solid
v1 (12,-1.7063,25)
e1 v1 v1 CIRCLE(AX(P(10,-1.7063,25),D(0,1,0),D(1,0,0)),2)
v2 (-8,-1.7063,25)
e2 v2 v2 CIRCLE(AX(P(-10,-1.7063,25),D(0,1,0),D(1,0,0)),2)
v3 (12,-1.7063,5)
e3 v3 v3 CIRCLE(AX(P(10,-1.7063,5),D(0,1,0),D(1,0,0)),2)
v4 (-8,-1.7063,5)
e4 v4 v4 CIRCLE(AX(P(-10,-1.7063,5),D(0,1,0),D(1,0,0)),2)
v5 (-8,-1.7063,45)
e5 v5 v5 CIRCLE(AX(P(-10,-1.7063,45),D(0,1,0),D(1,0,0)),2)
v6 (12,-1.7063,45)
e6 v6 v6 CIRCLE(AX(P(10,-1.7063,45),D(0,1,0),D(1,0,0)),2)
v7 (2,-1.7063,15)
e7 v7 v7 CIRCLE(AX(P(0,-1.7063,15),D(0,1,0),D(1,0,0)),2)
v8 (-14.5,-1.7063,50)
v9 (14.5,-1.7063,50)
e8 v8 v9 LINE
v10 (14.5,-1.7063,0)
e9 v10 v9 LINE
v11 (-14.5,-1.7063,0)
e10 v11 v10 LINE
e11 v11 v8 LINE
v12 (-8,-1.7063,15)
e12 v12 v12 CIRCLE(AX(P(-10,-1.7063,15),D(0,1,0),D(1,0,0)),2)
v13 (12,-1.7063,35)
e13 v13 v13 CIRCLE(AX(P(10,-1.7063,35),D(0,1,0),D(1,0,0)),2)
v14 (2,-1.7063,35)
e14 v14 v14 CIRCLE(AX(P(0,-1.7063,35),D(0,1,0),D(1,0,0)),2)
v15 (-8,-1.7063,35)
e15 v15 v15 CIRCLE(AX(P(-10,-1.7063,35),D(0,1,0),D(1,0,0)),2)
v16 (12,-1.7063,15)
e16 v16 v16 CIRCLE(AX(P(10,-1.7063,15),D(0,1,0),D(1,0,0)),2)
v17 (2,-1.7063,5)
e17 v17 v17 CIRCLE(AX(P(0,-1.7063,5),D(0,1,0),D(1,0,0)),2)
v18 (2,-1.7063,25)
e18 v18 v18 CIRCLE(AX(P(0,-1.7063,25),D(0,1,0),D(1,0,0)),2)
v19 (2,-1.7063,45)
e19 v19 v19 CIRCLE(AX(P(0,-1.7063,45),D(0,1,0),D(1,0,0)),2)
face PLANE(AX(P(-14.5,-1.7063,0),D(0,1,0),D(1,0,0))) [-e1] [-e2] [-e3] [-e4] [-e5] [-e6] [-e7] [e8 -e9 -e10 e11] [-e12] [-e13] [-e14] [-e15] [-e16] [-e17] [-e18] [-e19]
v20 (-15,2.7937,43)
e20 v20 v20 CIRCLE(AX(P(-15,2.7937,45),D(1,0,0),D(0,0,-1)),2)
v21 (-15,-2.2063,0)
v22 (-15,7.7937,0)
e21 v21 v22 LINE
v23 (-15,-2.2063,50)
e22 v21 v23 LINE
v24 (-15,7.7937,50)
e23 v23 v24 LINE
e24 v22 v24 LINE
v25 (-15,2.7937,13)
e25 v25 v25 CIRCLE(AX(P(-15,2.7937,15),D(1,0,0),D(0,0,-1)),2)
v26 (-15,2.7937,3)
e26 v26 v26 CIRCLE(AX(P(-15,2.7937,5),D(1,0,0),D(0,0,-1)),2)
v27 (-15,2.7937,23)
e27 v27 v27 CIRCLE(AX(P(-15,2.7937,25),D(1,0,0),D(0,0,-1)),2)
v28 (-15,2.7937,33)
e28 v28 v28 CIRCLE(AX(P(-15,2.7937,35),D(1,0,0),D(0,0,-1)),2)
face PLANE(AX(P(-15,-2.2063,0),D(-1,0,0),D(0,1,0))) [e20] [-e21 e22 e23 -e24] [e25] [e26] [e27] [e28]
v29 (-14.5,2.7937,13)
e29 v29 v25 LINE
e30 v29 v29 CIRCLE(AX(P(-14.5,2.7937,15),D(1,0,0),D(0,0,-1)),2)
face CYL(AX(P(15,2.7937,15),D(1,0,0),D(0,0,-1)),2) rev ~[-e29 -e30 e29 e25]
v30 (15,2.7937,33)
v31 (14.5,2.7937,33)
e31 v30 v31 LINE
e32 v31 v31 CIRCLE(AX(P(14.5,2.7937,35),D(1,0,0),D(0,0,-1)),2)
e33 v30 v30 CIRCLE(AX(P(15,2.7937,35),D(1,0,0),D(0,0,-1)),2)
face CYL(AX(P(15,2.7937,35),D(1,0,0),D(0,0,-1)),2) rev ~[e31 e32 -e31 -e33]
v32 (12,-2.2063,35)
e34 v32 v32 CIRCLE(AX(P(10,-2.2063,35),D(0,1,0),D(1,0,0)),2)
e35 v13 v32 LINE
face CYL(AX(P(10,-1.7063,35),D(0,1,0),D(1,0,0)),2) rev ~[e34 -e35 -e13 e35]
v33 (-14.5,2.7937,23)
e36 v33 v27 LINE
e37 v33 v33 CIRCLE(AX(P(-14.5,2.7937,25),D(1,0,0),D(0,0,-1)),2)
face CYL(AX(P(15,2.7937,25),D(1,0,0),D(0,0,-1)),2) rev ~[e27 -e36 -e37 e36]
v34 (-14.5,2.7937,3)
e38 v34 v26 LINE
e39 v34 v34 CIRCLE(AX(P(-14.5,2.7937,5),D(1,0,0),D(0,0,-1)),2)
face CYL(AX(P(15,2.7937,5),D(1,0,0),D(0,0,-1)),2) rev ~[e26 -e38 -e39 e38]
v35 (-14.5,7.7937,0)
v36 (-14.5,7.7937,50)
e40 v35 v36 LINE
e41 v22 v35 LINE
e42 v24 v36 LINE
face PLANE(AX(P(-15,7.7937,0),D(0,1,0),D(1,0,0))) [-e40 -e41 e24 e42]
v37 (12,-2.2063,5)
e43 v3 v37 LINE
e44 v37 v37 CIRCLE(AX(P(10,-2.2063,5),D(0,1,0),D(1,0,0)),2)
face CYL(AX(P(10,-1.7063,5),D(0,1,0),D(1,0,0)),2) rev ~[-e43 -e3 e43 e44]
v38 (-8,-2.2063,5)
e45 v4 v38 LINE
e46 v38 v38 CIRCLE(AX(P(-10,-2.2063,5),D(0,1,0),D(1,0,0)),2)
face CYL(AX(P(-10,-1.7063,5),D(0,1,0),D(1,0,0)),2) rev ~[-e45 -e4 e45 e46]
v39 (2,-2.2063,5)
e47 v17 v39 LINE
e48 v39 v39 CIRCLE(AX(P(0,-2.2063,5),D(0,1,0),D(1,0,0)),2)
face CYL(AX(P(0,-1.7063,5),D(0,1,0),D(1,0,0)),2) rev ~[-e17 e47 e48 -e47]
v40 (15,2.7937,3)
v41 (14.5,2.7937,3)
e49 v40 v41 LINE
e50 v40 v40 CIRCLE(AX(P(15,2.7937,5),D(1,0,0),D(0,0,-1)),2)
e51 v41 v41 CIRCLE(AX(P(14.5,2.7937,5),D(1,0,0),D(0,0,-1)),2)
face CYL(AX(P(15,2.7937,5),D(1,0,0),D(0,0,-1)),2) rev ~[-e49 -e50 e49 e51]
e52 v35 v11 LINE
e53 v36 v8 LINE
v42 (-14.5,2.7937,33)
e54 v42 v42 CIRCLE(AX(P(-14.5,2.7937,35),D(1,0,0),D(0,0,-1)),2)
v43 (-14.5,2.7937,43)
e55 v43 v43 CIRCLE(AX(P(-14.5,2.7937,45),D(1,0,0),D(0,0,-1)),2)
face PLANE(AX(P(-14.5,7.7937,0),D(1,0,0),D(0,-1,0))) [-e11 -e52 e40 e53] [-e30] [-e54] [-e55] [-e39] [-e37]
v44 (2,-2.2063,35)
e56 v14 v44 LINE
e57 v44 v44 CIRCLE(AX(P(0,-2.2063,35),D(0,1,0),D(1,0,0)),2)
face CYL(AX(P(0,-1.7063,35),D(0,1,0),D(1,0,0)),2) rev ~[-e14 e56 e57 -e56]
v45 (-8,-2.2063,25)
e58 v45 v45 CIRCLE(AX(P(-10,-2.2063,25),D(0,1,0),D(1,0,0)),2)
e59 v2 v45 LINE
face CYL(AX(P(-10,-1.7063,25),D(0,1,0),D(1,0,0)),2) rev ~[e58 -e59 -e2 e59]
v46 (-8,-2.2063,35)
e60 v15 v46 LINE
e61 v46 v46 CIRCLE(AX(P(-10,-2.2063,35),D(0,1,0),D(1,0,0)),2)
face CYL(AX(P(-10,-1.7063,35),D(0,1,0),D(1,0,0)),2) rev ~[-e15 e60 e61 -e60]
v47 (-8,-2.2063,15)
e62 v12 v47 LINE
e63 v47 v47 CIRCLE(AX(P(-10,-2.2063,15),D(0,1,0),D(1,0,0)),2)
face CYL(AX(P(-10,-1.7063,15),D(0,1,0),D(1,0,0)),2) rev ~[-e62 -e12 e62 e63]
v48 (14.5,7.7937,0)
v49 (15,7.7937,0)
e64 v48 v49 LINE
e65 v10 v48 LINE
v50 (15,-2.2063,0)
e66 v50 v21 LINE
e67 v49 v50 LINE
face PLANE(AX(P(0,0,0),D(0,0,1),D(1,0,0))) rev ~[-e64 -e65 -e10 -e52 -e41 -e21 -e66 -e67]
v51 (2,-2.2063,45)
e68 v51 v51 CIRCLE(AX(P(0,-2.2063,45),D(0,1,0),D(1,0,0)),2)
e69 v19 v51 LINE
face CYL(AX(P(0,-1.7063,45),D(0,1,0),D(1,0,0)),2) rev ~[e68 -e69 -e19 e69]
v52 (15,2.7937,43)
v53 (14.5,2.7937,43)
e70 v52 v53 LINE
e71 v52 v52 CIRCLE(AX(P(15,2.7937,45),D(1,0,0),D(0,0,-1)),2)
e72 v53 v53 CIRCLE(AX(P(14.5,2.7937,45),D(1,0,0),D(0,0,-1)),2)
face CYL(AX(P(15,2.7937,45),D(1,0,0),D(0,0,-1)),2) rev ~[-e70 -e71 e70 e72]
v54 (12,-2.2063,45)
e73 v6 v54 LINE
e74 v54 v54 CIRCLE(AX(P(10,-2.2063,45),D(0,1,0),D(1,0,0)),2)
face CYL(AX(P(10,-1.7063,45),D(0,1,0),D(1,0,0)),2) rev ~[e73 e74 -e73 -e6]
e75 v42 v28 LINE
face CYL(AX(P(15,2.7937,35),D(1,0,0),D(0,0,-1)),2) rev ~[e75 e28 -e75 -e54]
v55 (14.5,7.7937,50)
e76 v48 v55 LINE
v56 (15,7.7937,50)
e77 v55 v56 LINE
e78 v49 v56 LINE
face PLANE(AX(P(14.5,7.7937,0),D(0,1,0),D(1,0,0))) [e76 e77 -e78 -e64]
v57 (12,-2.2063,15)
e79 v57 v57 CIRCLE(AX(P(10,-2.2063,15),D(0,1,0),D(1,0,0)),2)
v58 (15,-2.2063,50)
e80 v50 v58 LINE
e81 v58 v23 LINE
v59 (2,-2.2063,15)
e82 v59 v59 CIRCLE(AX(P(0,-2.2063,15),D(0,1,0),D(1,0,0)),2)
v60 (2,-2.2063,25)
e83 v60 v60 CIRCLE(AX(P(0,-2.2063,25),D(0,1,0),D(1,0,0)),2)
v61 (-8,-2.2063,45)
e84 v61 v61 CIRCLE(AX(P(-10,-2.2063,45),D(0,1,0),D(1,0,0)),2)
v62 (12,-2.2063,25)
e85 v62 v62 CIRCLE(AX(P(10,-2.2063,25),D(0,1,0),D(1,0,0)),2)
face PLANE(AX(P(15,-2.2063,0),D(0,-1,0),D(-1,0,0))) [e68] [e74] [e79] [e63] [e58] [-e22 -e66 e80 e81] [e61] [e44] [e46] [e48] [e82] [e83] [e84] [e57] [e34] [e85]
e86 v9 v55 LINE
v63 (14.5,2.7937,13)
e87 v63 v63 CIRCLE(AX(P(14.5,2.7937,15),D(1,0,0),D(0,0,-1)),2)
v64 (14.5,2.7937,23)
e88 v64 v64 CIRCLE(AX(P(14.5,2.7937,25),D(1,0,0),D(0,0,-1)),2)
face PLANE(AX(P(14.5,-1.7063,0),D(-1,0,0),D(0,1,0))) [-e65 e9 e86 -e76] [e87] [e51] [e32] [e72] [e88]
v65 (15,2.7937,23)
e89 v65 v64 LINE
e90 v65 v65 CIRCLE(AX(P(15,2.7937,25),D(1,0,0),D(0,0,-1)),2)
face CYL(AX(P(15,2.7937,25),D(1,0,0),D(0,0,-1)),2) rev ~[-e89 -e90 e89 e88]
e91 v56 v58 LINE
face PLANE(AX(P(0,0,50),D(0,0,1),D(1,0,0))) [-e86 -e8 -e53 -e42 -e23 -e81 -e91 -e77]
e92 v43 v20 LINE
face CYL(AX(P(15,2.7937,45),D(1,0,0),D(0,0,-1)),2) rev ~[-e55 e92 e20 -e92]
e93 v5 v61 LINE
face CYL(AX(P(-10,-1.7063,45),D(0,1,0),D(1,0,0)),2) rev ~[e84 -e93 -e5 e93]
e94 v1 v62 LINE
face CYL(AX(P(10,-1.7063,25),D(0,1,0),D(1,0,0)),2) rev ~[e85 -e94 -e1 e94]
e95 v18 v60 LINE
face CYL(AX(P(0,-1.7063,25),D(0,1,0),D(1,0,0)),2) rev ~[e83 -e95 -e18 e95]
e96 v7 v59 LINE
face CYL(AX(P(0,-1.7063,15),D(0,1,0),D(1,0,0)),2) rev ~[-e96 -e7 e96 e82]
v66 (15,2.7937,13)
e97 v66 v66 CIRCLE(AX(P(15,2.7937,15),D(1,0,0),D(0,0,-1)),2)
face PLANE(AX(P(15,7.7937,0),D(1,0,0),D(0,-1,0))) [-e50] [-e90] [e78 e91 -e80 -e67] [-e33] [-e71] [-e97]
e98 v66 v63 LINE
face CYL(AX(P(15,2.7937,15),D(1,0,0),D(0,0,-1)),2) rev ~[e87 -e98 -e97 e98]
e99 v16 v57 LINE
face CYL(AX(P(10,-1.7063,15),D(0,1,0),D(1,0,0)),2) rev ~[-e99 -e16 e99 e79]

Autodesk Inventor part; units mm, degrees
ref_plane "YZ Plane" through (0, 0, 0) normal (1, 0, 0) x (0, 1, 0)
ref_plane "XZ Plane" through (0, 0, 0) normal (0, 1, 0) x (-1, 0, 0)
ref_plane "XY Plane" through (0, 0, 0) normal (0, 0, 1) x (1, 0, 0)
sketch "Náčrt1" plane through (0, 0, 0) normal (0, 0, 1) x (1, 0, 0)
  line L0 (-14.5, 7.7937) -> (-14.5, -1.7063)
  line L1 (-14.5, -1.7063) -> (14.5, -1.7063)
  line L2 (14.5, -1.7063) -> (14.5, 7.7937)
  line L3 (14.5, 7.7937) -> (15, 7.7937)
  line L4 (15, 7.7937) -> (15, -2.2063)
  line L5 (15, -2.2063) -> (-15, -2.2063)
  line L6 (-15, -2.2063) -> (-15, 7.7937)
  line L7 (-15, 7.7937) -> (-14.5, 7.7937)
  point P0 (0, 0)
  point P1 (14.5, 3.0437)
  point P2 (-14.75, 7.7937)
  point P3 (14.75, 7.7937)
  dimension "d0" = 15
  dimension "d1" = 15
  dimension "d2" = 0.5
  dimension "d3" = 0.5
  dimension "d4" = 0.5
  dimension "d5" = 10
  dimension "d6" = 10
extrude "Vysunutí1" add sketch "Náčrt1" along normal blind 50
sketch "Náčrt2" plane through (15, -2.2063, 0) normal (1, 0, 0) x (0, 0, -1)
  circle A0 centre (-5, 5) radius 2
  line L0 (0, 0) -> (0, 10) projected
  point P0 (0, 2.2063)
  point P1 (0, 5)
  dimension "d9" = 4
  dimension "d10" = 5
extrude "Vysunutí2" cut sketch "Náčrt2" against normal through all
pattern_linear "Obdélníkové pole1" count 10 spacing 10 along (0, 0, 1) of "Vysunutí2"
sketch "Náčrt3" plane through (-14.5, -1.7063, 0) normal (0, 1, 0) x (1, 0, 0)
  circle A0 centre (4.5, -45) radius 2
  line L0 (29, -50) -> (0, -50) projected
  line L1 (-0.5, 0) -> (-0.5, -50) projected
  point P0 (14.5, 0)
  dimension "d16" = 4
  dimension "d17" = 5
  dimension "d18" = 5
extrude "Vysunutí3" cut sketch "Náčrt3" against normal through all
pattern_linear "Obdélníkové pole2" count 10 spacing 10 along (0, 0, -1) count 5 spacing 10 along (1, 0, 0) of "Vysunutí3"
properties part number "1024 cervena"
